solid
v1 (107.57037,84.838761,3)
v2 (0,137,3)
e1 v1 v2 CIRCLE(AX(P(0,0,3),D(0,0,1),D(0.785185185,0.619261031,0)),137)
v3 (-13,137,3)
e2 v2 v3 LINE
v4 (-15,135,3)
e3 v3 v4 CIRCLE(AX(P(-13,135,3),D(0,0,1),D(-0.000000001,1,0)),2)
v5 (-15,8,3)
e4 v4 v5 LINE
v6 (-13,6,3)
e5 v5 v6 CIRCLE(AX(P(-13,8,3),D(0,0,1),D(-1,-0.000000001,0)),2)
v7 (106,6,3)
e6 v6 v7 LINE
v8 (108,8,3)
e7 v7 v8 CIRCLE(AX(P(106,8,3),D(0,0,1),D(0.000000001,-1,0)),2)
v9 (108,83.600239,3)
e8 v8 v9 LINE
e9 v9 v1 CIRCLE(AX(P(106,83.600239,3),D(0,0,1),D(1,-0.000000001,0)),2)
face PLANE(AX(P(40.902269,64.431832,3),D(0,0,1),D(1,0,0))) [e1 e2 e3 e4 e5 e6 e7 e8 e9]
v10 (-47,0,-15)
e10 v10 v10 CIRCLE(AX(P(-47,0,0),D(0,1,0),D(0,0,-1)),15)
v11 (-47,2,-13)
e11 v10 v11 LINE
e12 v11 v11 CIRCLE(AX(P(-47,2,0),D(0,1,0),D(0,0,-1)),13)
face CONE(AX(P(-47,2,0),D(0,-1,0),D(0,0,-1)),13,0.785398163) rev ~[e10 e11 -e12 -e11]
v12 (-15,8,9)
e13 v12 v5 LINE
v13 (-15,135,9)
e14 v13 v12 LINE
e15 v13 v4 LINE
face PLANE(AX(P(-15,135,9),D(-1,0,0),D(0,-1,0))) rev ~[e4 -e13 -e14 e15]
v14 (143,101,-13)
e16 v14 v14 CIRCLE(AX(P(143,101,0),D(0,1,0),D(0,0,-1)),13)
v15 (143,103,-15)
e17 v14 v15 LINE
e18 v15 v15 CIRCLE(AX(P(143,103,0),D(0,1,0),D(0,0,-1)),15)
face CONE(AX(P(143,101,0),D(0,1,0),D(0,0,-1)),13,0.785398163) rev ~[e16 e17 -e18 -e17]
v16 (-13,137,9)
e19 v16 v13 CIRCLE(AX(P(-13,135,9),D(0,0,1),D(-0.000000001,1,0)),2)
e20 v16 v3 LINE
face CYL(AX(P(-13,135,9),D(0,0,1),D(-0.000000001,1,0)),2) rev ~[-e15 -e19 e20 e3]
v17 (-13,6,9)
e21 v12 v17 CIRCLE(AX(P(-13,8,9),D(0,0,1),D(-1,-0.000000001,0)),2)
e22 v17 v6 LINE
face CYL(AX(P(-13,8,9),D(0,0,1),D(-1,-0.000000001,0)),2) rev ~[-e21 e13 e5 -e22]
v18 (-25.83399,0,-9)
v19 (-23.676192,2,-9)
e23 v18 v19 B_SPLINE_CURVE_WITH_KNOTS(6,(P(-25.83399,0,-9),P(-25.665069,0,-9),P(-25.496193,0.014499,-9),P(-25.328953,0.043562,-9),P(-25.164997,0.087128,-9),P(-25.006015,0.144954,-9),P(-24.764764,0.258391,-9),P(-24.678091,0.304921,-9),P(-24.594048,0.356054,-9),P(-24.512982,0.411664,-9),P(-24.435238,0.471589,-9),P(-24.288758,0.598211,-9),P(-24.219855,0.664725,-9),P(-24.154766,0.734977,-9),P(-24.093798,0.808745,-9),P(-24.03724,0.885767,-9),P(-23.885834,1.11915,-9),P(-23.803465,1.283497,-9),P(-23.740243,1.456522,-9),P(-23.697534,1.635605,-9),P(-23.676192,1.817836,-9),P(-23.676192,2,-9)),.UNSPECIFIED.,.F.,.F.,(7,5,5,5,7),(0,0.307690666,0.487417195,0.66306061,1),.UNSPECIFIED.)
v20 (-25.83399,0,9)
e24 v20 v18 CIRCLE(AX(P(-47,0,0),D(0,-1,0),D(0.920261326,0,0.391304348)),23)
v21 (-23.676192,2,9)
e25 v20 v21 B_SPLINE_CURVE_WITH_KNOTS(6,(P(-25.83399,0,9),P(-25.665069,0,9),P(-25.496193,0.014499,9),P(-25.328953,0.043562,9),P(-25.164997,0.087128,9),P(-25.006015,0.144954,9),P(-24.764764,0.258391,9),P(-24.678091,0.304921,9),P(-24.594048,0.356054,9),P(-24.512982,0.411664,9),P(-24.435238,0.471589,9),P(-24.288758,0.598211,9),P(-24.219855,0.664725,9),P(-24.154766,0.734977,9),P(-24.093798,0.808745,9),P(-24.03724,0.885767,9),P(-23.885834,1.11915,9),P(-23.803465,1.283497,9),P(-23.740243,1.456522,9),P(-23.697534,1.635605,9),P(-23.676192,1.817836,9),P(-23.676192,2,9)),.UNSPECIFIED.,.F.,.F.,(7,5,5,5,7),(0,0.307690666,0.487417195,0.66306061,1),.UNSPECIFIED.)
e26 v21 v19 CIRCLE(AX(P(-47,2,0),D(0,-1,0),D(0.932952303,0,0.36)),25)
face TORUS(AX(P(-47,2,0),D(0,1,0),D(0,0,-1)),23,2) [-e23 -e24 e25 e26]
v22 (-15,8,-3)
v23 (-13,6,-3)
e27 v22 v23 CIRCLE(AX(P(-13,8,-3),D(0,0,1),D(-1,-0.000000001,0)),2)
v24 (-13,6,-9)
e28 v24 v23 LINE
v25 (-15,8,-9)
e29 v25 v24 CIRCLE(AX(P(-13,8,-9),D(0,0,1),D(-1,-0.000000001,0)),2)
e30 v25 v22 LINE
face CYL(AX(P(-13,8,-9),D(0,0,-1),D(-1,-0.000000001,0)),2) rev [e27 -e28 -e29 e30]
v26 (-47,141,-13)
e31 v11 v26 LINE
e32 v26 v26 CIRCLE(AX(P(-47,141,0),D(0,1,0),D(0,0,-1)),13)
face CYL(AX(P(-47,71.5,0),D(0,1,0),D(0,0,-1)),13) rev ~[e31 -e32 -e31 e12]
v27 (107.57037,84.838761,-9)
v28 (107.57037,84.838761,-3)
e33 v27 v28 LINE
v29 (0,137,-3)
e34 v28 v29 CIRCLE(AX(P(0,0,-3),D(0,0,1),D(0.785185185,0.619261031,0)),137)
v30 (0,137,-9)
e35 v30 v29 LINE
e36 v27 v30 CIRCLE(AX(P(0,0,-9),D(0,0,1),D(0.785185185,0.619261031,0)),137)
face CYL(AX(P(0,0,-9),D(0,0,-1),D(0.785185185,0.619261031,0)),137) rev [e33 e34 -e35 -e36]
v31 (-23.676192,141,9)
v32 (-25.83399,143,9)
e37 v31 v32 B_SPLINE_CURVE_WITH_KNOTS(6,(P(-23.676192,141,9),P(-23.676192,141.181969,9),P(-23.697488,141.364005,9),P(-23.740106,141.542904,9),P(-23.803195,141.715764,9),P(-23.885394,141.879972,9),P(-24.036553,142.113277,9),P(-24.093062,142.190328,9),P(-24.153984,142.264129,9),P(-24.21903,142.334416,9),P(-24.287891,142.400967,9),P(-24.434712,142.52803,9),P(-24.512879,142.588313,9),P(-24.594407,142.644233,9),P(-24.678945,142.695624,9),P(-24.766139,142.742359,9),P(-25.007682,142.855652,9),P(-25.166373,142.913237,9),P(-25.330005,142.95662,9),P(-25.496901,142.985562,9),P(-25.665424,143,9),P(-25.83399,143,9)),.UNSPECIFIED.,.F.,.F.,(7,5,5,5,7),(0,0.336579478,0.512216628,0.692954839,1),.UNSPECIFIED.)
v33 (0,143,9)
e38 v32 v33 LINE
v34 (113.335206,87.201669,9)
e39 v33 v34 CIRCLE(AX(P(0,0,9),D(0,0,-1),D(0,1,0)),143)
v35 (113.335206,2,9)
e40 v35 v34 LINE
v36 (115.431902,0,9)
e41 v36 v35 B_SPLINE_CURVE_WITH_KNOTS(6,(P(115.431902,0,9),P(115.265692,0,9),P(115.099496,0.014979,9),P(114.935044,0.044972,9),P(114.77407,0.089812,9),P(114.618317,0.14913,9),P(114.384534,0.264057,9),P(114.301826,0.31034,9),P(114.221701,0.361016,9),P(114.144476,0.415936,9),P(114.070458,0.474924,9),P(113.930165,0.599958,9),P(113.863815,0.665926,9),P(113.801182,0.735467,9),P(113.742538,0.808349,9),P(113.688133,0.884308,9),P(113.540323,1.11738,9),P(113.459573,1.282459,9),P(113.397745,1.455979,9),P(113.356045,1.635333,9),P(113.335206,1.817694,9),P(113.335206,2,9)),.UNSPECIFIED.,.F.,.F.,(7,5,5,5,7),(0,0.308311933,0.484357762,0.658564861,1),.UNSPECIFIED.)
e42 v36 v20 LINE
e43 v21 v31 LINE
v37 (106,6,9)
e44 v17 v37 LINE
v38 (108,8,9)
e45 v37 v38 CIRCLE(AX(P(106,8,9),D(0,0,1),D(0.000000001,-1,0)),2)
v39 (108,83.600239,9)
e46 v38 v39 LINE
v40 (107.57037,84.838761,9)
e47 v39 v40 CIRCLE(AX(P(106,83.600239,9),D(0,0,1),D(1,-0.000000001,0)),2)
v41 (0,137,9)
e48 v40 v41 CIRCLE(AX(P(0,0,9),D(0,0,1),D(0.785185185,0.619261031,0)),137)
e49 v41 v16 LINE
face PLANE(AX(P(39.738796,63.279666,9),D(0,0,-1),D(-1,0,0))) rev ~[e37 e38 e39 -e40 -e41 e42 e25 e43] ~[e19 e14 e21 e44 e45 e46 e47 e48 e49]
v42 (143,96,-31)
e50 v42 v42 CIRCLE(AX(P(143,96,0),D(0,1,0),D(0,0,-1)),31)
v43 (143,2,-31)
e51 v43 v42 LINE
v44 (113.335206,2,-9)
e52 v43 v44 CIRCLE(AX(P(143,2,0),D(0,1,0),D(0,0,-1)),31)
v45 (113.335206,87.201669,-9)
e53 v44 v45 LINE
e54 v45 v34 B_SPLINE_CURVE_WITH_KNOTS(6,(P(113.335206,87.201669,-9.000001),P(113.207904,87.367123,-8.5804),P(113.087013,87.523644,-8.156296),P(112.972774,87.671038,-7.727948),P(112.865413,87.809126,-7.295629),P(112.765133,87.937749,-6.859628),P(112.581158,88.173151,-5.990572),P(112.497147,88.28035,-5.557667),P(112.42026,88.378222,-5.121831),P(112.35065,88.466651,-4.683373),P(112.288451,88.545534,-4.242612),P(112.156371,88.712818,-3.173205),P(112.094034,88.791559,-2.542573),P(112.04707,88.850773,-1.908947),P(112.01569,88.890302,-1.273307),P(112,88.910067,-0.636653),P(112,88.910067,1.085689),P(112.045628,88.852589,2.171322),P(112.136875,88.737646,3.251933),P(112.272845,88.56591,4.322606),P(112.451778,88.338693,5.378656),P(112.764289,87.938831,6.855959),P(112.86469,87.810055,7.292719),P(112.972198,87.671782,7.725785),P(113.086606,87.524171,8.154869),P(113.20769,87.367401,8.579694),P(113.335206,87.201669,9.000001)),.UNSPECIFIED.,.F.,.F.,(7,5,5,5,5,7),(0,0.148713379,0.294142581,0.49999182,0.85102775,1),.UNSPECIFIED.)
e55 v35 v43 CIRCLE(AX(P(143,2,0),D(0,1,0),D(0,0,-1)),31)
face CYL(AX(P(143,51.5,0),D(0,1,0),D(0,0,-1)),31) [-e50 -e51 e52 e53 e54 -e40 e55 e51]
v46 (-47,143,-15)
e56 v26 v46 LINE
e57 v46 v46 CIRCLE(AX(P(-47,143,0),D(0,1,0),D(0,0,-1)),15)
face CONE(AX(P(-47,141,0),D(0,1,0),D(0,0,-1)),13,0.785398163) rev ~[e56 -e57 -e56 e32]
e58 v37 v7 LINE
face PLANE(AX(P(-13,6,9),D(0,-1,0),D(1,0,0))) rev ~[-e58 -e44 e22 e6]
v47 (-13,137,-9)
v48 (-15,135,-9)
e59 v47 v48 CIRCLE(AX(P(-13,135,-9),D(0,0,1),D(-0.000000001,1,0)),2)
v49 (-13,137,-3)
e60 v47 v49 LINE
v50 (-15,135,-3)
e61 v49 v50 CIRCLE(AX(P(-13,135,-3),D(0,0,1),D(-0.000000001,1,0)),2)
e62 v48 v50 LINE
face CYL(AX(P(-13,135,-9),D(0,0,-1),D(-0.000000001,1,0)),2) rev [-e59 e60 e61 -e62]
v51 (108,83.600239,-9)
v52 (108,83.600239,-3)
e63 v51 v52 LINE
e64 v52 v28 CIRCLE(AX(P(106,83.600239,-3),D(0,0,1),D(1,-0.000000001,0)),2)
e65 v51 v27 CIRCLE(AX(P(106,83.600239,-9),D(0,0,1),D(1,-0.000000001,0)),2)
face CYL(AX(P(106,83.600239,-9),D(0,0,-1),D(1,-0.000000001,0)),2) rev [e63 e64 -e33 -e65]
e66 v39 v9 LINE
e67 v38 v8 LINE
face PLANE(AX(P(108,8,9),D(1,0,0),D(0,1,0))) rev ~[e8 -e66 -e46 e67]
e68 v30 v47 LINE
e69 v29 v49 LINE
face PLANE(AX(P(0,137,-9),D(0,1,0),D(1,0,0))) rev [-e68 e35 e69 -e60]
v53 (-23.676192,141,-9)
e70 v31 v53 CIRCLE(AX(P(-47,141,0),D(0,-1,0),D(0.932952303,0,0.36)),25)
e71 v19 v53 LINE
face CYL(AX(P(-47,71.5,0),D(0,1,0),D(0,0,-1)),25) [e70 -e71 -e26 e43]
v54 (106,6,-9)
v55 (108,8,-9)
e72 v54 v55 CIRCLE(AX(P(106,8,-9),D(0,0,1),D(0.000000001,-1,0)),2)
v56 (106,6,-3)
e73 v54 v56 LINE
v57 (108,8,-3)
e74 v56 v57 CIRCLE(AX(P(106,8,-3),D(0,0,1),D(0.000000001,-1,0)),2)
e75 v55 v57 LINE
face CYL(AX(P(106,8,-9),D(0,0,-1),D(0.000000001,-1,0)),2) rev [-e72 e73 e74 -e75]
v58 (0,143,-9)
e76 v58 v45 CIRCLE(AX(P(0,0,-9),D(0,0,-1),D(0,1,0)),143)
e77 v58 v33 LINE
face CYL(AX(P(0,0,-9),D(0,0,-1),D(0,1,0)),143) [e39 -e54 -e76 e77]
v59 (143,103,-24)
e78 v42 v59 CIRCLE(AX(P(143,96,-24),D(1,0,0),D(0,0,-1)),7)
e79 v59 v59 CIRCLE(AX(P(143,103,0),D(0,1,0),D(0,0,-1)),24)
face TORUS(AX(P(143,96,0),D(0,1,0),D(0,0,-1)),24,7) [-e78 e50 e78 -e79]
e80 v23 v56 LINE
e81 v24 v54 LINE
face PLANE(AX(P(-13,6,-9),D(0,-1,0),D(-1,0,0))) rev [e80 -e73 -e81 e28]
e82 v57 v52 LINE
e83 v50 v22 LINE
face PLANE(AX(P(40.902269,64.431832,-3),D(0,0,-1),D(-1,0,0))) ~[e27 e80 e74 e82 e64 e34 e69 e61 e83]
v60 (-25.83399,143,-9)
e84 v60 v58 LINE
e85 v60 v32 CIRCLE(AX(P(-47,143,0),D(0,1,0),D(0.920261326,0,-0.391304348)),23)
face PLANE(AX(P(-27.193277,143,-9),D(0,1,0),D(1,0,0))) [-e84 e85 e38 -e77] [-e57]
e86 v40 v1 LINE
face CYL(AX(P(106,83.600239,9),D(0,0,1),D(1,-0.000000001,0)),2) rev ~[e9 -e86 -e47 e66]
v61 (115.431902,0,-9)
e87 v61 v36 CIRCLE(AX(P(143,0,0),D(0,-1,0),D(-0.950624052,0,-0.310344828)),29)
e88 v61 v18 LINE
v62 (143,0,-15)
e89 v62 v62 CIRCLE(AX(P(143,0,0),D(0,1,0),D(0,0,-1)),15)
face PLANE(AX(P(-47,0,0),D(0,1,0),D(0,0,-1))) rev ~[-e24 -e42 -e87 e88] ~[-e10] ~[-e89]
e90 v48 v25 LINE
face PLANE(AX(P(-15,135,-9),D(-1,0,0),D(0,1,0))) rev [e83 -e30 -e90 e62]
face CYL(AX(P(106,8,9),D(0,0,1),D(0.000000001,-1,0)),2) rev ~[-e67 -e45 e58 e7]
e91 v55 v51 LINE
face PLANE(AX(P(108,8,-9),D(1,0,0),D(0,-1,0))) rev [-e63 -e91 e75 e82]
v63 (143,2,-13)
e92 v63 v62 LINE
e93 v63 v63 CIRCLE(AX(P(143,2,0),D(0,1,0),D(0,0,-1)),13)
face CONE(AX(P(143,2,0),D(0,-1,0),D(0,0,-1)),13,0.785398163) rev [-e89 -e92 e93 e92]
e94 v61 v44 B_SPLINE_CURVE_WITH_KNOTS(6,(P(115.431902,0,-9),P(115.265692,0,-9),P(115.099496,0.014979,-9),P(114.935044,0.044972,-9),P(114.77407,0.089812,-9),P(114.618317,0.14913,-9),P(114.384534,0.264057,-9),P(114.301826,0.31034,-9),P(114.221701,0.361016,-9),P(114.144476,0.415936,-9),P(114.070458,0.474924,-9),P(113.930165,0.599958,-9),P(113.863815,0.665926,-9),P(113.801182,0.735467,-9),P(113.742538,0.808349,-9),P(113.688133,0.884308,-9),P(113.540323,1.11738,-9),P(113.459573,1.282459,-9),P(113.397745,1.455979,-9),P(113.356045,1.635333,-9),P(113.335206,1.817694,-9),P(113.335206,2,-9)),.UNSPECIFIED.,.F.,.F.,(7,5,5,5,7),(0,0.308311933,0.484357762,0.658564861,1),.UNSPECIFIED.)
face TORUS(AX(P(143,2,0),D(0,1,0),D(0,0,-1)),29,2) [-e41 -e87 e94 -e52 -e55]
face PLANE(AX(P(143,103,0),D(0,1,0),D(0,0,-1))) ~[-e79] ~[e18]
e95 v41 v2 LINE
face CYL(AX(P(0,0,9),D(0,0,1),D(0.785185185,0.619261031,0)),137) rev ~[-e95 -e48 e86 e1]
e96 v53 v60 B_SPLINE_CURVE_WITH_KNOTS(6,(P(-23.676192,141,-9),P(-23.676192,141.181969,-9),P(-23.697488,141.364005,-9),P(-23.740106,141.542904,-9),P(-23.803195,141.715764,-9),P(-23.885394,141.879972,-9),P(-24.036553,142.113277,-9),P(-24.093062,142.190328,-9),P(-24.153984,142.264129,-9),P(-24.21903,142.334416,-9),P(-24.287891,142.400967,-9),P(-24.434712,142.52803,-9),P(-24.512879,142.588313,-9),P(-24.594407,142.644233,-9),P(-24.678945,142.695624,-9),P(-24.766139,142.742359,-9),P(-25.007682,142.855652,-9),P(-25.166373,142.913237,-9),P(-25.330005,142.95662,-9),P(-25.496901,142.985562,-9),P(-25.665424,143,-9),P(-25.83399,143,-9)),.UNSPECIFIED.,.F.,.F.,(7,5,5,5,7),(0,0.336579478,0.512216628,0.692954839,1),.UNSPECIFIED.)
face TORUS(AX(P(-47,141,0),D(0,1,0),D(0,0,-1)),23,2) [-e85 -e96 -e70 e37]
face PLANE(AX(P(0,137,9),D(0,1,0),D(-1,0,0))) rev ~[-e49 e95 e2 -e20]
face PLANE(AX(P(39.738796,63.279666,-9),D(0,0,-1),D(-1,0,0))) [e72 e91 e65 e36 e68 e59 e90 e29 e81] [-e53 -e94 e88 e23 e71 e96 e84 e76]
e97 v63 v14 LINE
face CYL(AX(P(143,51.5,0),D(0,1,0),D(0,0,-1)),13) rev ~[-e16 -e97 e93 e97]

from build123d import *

# Parameters (mm, degrees)
SKETCH1_W                = 18
SKETCH1_H                = 103
SKETCH3_W                = 12
SKETCH3_H                = 143
CHAMFER1_SIZE            = 2
CHAMFER2_SIZE            = 2
FILLET1_R                = 2
FILLET2_R                = 2
FILLET3_R                = 7
BOSS_EXTRUDE1_DEPTH      = 9
BOSS_EXTRUDE1_DEPTH_BACK = 9
CUT_EXTRUDE1_DEPTH       = 6


with BuildPart() as part:
    # Sketch1 → Revolve2 (revolve)
    with BuildSketch(Plane.XY):
        with Locations((165, 51.5)):
            Rectangle(SKETCH1_W, SKETCH1_H)
    revolve(axis=Axis((143, 0, 0), (0, 1, 0)))

    # Chamfer2
    chamfer2_edges = [part.edges().sort_by_distance(p)[0] for p in [
        (130, 103, 0),
        (130, 0, 0),
    ]]
    chamfer(chamfer2_edges, length=CHAMFER2_SIZE)

    # Fillet2
    fillet2_edges = [part.edges().sort_by_distance(p)[0] for p in [
        (112, 0, 0),
    ]]
    fillet(fillet2_edges, radius=FILLET2_R)

    # Fillet3
    fillet3_edges = [part.edges().sort_by_distance(p)[0] for p in [
        (112, 103, 0),
    ]]
    fillet(fillet3_edges, radius=FILLET3_R)



with BuildPart() as body_2:
    # Sketch3 → Revolve3 (revolve)
    with BuildSketch(Plane.XY):
        with Locations((-66, 71.5)):
            Rectangle(SKETCH3_W, SKETCH3_H)
    revolve(axis=Axis((-47, 0, 0), (0, 1, 0)))

    # Chamfer1
    chamfer1_edges = [body_2.edges().sort_by_distance(p)[0] for p in [
        (-34, 0, 0),
        (-34, 143, 0),
    ]]
    chamfer(chamfer1_edges, length=CHAMFER1_SIZE)

    # Fillet1
    fillet1_edges = [body_2.edges().sort_by_distance(p)[0] for p in [
        (-22, 143, 0),
        (-22, 0, 0),
    ]]
    fillet(fillet1_edges, radius=FILLET1_R)


with BuildPart() as part_1:
    add(part.part)

    add(body_2.part)  # Boss-Extrude1 merges body 2
    # Sketch4 → Boss-Extrude1 (add, two sides: drawn at the far end of the back side and taken through both)
    with BuildSketch(Plane.XY.offset(-BOSS_EXTRUDE1_DEPTH_BACK)):
        with BuildLine():
            Line((0, 0), (-27.193276933, 0))
            Line((-27.193276933, 0), (-27.193276933, 143))
            Line((-27.193276933, 143), (0, 143))
            ThreePointArc((0, 143), (69.368060127, 125.048279613), (121.319672434, 75.700310967))
            Line((121.319672434, 75.700310967), (121.319672434, 0))
            Line((121.319672434, 0), (0, 0))
        make_face()
    extrude(amount=BOSS_EXTRUDE1_DEPTH + BOSS_EXTRUDE1_DEPTH_BACK)

    # Sketch6 → Cut-Extrude1 (cut)
    with BuildSketch(Plane.XY.offset(9)):
        with BuildLine():
            Line((0, 137), (-13, 137))
            ThreePointArc((-13, 137), (-14.414213562, 136.414213562), (-15, 135))
            Line((-15, 135), (-15, 8))
            ThreePointArc((-15, 8), (-14.414213562, 6.585786438), (-13, 6))
            Line((-13, 6), (106, 6))
            ThreePointArc((106, 6), (107.414213562, 6.585786438), (108, 8))
            Line((108, 8), (108, 83.600239234))
            ThreePointArc((108, 83.600239234), (107.889542371, 84.255700621), (107.57037037, 84.838761297))
            ThreePointArc((107.57037037, 84.838761297), (59.774951704, 123.27187493), (0, 137))
        make_face()
    cut_extrude1 = extrude(amount=-CUT_EXTRUDE1_DEPTH, mode=Mode.SUBTRACT)

    # Mirror1: Cut-Extrude1 across plane
    add(cut_extrude1.mirror(Plane.XY), mode=Mode.SUBTRACT)


solid = part_1.part
